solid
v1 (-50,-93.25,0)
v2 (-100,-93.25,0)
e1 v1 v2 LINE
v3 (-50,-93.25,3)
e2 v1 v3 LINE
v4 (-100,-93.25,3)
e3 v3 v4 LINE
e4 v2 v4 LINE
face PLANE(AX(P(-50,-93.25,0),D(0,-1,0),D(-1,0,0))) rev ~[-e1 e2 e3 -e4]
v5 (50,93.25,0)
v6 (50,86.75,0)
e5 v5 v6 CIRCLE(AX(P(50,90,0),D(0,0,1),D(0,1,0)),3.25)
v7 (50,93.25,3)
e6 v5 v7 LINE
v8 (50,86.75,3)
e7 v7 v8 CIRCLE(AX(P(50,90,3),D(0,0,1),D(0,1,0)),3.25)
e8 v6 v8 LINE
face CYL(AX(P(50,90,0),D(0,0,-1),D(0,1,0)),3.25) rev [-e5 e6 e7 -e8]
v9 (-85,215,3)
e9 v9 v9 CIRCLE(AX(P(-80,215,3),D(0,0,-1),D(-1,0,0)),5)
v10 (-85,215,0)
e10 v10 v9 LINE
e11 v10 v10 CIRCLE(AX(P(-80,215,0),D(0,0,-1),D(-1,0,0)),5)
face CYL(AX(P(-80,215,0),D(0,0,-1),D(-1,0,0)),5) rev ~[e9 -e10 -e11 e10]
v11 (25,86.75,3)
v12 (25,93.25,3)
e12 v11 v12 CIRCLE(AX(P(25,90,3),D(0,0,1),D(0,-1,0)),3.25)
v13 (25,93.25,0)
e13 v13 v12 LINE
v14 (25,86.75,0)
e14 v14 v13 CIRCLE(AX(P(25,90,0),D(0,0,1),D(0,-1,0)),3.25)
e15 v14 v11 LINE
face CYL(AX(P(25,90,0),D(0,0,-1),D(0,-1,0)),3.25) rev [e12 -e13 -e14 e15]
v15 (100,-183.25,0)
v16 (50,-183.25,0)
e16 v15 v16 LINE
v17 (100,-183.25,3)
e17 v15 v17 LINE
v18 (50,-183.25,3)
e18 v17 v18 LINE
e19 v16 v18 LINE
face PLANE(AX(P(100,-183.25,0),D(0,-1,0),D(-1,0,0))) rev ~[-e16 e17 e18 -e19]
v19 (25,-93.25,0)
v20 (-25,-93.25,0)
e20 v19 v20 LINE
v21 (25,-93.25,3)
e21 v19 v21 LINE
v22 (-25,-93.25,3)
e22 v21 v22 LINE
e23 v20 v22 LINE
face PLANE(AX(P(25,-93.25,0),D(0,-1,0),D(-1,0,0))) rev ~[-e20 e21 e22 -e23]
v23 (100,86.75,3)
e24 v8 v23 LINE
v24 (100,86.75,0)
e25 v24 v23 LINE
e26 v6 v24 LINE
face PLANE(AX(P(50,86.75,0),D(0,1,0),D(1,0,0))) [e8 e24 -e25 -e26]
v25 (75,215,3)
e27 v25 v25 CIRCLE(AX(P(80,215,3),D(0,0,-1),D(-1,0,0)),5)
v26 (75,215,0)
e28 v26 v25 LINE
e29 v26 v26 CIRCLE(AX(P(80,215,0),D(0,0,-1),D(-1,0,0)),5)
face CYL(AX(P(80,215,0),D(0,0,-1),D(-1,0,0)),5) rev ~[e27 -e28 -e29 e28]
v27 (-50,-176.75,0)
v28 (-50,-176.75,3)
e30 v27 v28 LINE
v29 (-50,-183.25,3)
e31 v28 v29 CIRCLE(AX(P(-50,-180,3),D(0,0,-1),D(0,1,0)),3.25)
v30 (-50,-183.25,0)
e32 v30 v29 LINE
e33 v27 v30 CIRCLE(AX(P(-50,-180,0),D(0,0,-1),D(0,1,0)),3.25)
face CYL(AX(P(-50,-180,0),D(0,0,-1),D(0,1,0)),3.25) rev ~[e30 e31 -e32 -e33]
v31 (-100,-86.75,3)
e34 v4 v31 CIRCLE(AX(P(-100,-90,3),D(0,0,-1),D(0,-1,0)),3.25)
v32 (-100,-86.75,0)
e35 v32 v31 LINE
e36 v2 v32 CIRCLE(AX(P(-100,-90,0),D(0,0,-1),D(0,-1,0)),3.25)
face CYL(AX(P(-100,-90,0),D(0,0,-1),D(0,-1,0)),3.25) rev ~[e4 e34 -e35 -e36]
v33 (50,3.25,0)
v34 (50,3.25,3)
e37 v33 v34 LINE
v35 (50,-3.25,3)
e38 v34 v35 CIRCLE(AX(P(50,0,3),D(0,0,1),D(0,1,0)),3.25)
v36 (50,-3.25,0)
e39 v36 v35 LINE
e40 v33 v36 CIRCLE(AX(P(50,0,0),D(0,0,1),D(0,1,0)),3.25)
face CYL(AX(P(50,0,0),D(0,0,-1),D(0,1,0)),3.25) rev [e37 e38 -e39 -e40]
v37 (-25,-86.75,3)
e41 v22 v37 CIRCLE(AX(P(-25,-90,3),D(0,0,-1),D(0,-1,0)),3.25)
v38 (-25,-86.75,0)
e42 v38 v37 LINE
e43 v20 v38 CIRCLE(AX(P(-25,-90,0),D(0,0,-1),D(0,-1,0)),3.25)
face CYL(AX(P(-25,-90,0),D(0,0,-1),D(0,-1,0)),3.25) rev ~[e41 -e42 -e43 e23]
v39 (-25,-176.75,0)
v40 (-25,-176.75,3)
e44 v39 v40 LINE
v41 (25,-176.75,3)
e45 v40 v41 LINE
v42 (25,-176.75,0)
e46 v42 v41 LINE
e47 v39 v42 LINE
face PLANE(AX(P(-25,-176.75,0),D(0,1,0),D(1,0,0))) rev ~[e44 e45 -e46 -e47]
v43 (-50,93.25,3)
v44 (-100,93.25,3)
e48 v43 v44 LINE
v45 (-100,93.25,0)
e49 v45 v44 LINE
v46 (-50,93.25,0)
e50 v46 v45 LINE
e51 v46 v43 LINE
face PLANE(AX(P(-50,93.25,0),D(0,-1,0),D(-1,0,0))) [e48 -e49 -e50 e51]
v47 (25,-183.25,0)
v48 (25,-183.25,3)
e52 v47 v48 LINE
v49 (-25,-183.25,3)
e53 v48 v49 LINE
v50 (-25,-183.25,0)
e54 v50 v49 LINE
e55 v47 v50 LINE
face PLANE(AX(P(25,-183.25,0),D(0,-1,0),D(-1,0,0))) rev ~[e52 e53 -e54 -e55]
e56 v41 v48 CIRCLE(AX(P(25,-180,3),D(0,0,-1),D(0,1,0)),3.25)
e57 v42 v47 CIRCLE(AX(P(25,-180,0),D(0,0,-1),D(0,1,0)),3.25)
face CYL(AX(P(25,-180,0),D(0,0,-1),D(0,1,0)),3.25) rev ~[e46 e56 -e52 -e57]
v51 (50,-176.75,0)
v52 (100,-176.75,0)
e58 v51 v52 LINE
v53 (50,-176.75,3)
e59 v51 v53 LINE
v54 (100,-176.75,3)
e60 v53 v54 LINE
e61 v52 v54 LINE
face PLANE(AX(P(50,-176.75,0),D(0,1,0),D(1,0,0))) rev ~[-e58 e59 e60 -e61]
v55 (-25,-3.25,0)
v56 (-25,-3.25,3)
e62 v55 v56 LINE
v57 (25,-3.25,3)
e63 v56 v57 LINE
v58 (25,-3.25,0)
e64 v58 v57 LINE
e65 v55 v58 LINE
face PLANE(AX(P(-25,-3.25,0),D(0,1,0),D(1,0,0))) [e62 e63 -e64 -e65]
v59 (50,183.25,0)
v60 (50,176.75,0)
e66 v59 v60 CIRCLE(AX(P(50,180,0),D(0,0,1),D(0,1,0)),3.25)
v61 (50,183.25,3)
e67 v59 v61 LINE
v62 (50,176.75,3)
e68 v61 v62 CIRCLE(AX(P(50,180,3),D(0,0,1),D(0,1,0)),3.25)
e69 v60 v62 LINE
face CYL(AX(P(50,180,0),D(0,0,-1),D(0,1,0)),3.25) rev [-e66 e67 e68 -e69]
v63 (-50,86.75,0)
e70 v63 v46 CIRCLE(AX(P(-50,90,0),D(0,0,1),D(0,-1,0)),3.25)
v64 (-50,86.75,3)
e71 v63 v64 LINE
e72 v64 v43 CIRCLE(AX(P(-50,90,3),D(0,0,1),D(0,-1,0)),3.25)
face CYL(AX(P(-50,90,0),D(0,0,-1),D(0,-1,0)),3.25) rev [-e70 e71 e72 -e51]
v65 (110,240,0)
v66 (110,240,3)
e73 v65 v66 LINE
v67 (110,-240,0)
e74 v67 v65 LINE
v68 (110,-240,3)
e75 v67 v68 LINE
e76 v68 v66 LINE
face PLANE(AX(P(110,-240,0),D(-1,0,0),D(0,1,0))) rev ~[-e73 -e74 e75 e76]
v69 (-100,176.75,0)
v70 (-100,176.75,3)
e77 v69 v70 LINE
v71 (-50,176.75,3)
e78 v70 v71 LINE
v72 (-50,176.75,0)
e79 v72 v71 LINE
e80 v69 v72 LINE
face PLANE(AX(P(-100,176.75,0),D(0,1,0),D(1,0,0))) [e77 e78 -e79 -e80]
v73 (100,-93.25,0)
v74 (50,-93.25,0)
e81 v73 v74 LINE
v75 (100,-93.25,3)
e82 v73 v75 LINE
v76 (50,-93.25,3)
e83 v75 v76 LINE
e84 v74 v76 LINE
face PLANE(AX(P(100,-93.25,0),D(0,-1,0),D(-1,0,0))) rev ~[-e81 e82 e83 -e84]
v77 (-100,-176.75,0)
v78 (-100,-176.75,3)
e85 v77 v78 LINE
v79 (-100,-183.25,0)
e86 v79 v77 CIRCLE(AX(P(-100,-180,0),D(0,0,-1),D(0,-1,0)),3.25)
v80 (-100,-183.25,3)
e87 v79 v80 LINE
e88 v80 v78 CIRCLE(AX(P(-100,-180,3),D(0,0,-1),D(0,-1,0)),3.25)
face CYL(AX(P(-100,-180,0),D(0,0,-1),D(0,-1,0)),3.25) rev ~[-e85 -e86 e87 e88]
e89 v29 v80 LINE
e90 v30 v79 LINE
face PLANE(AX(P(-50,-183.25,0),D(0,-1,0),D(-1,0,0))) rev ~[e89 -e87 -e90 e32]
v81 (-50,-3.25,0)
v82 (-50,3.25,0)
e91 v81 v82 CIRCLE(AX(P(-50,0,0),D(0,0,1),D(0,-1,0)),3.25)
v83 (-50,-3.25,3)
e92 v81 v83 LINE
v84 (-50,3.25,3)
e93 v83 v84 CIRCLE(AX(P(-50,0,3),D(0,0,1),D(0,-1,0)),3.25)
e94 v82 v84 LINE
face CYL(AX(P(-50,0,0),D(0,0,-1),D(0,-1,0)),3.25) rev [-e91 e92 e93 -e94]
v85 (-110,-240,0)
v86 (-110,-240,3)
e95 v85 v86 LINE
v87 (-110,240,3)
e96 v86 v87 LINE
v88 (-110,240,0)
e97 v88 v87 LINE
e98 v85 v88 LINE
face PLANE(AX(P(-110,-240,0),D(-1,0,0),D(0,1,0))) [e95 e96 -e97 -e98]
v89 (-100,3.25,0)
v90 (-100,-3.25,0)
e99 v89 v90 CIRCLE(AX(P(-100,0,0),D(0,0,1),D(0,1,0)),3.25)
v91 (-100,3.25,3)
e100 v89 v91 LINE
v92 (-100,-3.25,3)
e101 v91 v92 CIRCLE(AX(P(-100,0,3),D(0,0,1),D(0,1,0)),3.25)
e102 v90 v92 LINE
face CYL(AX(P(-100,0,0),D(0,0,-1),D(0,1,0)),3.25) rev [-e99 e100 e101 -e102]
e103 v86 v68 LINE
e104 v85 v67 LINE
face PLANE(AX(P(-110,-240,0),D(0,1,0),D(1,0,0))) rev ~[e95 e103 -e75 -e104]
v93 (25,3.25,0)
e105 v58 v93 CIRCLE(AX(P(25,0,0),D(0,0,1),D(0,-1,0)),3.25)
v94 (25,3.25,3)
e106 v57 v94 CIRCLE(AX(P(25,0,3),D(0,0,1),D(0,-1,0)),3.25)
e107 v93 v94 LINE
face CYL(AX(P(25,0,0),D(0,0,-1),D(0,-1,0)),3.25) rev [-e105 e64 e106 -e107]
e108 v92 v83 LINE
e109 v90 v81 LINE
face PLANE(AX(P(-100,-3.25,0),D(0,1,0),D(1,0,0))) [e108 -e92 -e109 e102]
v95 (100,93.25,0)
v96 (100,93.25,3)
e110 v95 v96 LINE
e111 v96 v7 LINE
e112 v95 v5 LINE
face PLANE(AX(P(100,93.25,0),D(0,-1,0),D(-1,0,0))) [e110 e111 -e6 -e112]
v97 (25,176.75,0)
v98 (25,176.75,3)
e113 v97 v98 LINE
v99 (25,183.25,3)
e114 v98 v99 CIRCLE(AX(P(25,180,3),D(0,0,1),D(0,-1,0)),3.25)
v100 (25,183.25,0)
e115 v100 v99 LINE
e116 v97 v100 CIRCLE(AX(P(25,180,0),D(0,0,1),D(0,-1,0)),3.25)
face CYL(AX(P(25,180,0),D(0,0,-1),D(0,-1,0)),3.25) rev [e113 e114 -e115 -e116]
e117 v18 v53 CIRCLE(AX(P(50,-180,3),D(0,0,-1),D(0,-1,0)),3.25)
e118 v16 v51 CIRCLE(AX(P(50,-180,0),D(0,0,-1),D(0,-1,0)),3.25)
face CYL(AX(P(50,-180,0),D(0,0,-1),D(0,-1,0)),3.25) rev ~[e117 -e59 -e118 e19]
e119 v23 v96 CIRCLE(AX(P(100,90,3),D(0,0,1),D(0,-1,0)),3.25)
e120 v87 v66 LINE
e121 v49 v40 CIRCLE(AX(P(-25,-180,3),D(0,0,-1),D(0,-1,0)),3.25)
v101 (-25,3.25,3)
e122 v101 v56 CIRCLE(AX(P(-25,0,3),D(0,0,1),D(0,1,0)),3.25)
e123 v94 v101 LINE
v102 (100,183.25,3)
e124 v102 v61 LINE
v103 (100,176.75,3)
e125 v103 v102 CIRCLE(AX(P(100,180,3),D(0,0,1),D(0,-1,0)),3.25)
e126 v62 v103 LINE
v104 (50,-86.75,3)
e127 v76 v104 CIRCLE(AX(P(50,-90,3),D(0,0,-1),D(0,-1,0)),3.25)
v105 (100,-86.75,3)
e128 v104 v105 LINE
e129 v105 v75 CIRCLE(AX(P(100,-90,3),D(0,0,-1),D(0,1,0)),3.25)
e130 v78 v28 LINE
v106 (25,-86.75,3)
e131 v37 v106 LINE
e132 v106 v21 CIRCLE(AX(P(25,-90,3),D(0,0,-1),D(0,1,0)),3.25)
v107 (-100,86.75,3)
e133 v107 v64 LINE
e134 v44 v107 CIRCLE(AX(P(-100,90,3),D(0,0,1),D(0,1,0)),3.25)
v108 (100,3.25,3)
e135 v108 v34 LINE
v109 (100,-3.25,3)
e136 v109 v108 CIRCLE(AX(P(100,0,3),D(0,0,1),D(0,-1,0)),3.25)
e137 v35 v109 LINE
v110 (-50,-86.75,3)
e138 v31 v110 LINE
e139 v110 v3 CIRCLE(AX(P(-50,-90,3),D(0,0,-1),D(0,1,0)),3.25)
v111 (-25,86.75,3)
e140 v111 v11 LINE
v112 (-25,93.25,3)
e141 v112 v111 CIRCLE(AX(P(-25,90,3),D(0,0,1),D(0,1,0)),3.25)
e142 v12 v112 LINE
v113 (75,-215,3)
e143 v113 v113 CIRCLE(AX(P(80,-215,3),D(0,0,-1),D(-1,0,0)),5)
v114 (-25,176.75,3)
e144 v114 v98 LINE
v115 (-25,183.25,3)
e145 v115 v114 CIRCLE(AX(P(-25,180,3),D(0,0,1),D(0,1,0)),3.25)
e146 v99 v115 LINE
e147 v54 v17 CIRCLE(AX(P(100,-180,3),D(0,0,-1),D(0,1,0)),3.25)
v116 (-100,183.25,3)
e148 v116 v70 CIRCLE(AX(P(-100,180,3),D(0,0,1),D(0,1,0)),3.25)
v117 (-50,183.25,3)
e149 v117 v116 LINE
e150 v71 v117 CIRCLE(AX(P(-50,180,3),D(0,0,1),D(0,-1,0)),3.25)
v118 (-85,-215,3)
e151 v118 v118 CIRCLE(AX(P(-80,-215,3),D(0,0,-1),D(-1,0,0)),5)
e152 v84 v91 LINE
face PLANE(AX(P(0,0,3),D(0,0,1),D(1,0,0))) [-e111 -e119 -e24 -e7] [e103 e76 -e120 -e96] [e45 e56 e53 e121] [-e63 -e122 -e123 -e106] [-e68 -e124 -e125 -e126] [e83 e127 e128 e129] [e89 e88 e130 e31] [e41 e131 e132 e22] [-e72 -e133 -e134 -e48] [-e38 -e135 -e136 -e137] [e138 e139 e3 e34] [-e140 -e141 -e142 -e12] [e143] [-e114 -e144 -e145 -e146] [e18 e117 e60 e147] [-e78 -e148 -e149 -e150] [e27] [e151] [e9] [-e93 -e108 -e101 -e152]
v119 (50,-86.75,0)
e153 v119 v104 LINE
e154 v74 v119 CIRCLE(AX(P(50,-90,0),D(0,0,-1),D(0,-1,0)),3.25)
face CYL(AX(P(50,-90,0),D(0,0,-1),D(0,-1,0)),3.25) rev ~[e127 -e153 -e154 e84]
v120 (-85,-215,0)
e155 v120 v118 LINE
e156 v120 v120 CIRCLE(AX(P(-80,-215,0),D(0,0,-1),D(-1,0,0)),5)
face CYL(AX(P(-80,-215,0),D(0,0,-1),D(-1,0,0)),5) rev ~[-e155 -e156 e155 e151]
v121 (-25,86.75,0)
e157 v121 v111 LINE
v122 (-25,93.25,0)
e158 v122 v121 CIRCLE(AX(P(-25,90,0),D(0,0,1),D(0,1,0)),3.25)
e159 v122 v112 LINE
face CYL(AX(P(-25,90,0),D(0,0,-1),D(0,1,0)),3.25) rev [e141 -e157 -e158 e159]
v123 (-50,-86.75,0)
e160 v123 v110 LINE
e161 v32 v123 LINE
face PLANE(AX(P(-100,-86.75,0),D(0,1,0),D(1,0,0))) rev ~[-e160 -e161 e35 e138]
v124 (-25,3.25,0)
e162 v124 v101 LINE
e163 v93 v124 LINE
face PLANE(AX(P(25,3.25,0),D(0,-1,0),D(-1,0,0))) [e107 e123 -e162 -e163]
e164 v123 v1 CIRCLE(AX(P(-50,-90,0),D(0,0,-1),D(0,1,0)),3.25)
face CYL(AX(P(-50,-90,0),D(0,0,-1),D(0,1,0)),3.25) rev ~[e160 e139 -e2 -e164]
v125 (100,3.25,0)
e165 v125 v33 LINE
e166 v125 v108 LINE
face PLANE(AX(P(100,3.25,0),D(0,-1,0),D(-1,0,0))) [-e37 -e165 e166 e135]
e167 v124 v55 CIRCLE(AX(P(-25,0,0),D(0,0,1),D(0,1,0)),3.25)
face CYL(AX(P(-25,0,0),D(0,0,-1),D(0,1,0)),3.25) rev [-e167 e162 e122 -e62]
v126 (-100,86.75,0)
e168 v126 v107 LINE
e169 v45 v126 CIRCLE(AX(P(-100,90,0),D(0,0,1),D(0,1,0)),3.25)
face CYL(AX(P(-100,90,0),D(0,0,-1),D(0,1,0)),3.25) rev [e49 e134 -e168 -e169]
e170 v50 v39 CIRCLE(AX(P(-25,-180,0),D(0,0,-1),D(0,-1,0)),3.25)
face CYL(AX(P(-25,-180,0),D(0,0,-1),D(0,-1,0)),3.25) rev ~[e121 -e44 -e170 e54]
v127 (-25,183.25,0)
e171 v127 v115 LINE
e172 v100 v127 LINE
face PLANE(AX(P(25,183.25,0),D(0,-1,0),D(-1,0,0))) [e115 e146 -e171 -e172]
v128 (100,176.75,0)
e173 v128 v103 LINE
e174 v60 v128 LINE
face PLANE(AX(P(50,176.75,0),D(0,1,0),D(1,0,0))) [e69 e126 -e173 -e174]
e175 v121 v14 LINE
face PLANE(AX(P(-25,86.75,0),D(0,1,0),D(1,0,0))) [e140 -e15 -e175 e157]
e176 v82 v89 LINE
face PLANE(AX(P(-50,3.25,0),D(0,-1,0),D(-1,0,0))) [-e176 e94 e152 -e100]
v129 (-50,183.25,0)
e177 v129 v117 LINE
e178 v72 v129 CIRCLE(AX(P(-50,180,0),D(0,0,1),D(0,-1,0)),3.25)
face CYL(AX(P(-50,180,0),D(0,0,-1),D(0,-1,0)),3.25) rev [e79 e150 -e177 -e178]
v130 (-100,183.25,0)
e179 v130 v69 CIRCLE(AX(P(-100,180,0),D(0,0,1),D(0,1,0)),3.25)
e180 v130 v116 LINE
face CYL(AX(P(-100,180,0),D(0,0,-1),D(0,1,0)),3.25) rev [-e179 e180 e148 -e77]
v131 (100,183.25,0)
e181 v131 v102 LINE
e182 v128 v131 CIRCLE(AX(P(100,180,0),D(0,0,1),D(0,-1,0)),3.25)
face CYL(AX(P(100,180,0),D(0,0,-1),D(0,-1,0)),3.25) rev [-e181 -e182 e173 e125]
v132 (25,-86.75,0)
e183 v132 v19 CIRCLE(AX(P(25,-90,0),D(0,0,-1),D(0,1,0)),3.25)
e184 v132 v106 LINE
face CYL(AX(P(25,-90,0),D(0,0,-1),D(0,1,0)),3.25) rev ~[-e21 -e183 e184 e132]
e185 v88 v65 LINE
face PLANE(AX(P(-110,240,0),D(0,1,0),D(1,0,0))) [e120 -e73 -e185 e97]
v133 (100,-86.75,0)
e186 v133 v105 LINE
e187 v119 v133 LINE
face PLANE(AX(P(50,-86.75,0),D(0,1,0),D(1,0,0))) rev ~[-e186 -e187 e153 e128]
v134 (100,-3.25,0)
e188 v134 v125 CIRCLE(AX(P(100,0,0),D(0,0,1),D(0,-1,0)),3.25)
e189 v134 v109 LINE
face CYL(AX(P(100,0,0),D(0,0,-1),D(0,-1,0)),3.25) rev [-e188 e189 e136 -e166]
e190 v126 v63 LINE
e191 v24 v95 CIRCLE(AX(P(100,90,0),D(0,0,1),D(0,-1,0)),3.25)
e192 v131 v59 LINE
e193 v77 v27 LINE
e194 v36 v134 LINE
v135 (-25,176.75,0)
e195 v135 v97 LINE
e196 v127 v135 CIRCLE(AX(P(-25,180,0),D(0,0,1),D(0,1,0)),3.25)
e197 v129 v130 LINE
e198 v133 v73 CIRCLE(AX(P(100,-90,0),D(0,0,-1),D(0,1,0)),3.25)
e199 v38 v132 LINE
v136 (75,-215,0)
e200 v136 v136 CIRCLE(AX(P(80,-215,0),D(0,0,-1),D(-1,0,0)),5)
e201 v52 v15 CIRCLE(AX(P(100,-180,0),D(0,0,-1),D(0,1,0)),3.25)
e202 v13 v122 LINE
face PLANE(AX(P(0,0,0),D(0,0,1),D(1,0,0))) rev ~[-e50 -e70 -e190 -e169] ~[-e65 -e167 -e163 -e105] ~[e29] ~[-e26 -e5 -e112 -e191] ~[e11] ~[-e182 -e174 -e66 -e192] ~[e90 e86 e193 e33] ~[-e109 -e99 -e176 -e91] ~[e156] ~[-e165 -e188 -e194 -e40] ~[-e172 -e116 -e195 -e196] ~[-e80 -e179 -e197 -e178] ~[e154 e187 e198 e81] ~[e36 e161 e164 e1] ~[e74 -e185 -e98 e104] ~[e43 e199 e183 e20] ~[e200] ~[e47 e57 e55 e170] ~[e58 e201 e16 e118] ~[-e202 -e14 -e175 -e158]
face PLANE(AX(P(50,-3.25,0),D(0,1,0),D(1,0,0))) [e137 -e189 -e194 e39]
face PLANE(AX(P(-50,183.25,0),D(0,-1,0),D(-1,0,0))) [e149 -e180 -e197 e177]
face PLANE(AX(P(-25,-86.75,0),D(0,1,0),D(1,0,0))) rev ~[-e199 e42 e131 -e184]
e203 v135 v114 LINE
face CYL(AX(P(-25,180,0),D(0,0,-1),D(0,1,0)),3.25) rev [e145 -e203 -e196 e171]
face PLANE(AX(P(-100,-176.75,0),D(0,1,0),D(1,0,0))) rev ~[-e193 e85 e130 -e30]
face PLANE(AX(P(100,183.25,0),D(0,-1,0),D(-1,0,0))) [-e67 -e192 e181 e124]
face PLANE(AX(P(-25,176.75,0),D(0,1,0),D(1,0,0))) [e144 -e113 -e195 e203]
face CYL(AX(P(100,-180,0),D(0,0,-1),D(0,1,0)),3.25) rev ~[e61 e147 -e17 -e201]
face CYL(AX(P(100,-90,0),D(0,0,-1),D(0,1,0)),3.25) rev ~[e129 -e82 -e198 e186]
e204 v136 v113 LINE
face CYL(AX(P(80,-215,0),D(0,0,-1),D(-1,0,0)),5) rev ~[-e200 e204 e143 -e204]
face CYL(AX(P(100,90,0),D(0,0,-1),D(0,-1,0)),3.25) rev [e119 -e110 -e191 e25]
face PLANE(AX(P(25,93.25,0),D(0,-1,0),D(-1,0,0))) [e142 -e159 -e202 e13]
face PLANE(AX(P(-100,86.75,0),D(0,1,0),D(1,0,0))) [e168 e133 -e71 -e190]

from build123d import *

# Parameters (mm, degrees)
CROQUIS1_W              = 220
CROQUIS1_H              = 480
SALIENTE_EXTRUIR1_DEPTH = 3
CROQUIS2_R              = 5
CORTAR_EXTRUIR1_DEPTH   = 3


with BuildPart() as part:
    # Croquis1 → Saliente-Extruir1 (new body)
    with BuildSketch(Plane.XY):
        Rectangle(CROQUIS1_W, CROQUIS1_H)
    extrude(amount=SALIENTE_EXTRUIR1_DEPTH)

    # Croquis2 → Cortar-Extruir1 (cut)
    with BuildSketch(Plane(origin=(0, 0, 0), x_dir=(-1, 0, 0), z_dir=(0, 0, -1))):
        with Locations((-80, 215)):
            Circle(CROQUIS2_R)
        with Locations((80, 215)):
            Circle(CROQUIS2_R)
        with Locations((80, -215)):
            Circle(CROQUIS2_R)
        with Locations((-80, -215)):
            Circle(CROQUIS2_R)
        with BuildLine():
            Line((-100, 3.25), (-50, 3.25))
            ThreePointArc((-50, 3.25), (-46.75, 0), (-50, -3.25))
            Line((-50, -3.25), (-100, -3.25))
            ThreePointArc((-100, -3.25), (-103.25, 0), (-100, 3.25))
        make_face()
        with BuildLine():
            Line((-100, 93.25), (-50, 93.25))
            ThreePointArc((-50, 93.25), (-46.75, 90), (-50, 86.75))
            Line((-50, 86.75), (-100, 86.75))
            ThreePointArc((-100, 86.75), (-103.25, 90), (-100, 93.25))
        make_face()
        with BuildLine():
            Line((-100, -93.25), (-50, -93.25))
            ThreePointArc((-50, -93.25), (-46.75, -90), (-50, -86.75))
            Line((-50, -86.75), (-100, -86.75))
            ThreePointArc((-100, -86.75), (-103.25, -90), (-100, -93.25))
        make_face()
        with BuildLine():
            Line((-25, 3.25), (25, 3.25))
            ThreePointArc((25, 3.25), (28.25, 0), (25, -3.25))
            Line((25, -3.25), (-25, -3.25))
            ThreePointArc((-25, -3.25), (-28.25, 0), (-25, 3.25))
        make_face()
        with BuildLine():
            Line((-25, 93.25), (25, 93.25))
            ThreePointArc((25, 93.25), (28.25, 90), (25, 86.75))
            Line((25, 86.75), (-25, 86.75))
            ThreePointArc((-25, 86.75), (-28.25, 90), (-25, 93.25))
        make_face()
        with BuildLine():
            Line((-25, -93.25), (25, -93.25))
            ThreePointArc((25, -93.25), (28.25, -90), (25, -86.75))
            Line((25, -86.75), (-25, -86.75))
            ThreePointArc((-25, -86.75), (-28.25, -90), (-25, -93.25))
        make_face()
        with BuildLine():
            Line((50, 3.25), (100, 3.25))
            ThreePointArc((100, 3.25), (103.25, 0), (100, -3.25))
            Line((100, -3.25), (50, -3.25))
            ThreePointArc((50, -3.25), (46.75, 0), (50, 3.25))
        make_face()
        with BuildLine():
            Line((50, 93.25), (100, 93.25))
            ThreePointArc((100, 93.25), (103.25, 90), (100, 86.75))
            Line((100, 86.75), (50, 86.75))
            ThreePointArc((50, 86.75), (46.75, 90), (50, 93.25))
        make_face()
        with BuildLine():
            Line((50, -93.25), (100, -93.25))
            ThreePointArc((100, -93.25), (103.25, -90), (100, -86.75))
            Line((100, -86.75), (50, -86.75))
            ThreePointArc((50, -86.75), (46.75, -90), (50, -93.25))
        make_face()
        with BuildLine():
            Line((-100, 183.25), (-50, 183.25))
            ThreePointArc((-50, 183.25), (-46.75, 180), (-50, 176.75))
            Line((-50, 176.75), (-100, 176.75))
            ThreePointArc((-100, 176.75), (-103.25, 180), (-100, 183.25))
        make_face()
        with BuildLine():
            Line((-25, 183.25), (25, 183.25))
            ThreePointArc((25, 183.25), (28.25, 180), (25, 176.75))
            Line((25, 176.75), (-25, 176.75))
            ThreePointArc((-25, 176.75), (-28.25, 180), (-25, 183.25))
        make_face()
        with BuildLine():
            Line((50, 183.25), (100, 183.25))
            ThreePointArc((100, 183.25), (103.25, 180), (100, 176.75))
            Line((100, 176.75), (50, 176.75))
            ThreePointArc((50, 176.75), (46.75, 180), (50, 183.25))
        make_face()
        with BuildLine():
            Line((-100, -183.25), (-50, -183.25))
            ThreePointArc((-50, -183.25), (-46.75, -180), (-50, -176.75))
            Line((-50, -176.75), (-100, -176.75))
            ThreePointArc((-100, -176.75), (-103.25, -180), (-100, -183.25))
        make_face()
        with BuildLine():
            Line((-25, -183.25), (25, -183.25))
            ThreePointArc((25, -183.25), (28.25, -180), (25, -176.75))
            Line((25, -176.75), (-25, -176.75))
            ThreePointArc((-25, -176.75), (-28.25, -180), (-25, -183.25))
        make_face()
        with BuildLine():
            Line((50, -183.25), (100, -183.25))
            ThreePointArc((100, -183.25), (103.25, -180), (100, -176.75))
            Line((100, -176.75), (50, -176.75))
            ThreePointArc((50, -176.75), (46.75, -180), (50, -183.25))
        make_face()
    extrude(amount=-CORTAR_EXTRUIR1_DEPTH, mode=Mode.SUBTRACT)


solid = part.part
